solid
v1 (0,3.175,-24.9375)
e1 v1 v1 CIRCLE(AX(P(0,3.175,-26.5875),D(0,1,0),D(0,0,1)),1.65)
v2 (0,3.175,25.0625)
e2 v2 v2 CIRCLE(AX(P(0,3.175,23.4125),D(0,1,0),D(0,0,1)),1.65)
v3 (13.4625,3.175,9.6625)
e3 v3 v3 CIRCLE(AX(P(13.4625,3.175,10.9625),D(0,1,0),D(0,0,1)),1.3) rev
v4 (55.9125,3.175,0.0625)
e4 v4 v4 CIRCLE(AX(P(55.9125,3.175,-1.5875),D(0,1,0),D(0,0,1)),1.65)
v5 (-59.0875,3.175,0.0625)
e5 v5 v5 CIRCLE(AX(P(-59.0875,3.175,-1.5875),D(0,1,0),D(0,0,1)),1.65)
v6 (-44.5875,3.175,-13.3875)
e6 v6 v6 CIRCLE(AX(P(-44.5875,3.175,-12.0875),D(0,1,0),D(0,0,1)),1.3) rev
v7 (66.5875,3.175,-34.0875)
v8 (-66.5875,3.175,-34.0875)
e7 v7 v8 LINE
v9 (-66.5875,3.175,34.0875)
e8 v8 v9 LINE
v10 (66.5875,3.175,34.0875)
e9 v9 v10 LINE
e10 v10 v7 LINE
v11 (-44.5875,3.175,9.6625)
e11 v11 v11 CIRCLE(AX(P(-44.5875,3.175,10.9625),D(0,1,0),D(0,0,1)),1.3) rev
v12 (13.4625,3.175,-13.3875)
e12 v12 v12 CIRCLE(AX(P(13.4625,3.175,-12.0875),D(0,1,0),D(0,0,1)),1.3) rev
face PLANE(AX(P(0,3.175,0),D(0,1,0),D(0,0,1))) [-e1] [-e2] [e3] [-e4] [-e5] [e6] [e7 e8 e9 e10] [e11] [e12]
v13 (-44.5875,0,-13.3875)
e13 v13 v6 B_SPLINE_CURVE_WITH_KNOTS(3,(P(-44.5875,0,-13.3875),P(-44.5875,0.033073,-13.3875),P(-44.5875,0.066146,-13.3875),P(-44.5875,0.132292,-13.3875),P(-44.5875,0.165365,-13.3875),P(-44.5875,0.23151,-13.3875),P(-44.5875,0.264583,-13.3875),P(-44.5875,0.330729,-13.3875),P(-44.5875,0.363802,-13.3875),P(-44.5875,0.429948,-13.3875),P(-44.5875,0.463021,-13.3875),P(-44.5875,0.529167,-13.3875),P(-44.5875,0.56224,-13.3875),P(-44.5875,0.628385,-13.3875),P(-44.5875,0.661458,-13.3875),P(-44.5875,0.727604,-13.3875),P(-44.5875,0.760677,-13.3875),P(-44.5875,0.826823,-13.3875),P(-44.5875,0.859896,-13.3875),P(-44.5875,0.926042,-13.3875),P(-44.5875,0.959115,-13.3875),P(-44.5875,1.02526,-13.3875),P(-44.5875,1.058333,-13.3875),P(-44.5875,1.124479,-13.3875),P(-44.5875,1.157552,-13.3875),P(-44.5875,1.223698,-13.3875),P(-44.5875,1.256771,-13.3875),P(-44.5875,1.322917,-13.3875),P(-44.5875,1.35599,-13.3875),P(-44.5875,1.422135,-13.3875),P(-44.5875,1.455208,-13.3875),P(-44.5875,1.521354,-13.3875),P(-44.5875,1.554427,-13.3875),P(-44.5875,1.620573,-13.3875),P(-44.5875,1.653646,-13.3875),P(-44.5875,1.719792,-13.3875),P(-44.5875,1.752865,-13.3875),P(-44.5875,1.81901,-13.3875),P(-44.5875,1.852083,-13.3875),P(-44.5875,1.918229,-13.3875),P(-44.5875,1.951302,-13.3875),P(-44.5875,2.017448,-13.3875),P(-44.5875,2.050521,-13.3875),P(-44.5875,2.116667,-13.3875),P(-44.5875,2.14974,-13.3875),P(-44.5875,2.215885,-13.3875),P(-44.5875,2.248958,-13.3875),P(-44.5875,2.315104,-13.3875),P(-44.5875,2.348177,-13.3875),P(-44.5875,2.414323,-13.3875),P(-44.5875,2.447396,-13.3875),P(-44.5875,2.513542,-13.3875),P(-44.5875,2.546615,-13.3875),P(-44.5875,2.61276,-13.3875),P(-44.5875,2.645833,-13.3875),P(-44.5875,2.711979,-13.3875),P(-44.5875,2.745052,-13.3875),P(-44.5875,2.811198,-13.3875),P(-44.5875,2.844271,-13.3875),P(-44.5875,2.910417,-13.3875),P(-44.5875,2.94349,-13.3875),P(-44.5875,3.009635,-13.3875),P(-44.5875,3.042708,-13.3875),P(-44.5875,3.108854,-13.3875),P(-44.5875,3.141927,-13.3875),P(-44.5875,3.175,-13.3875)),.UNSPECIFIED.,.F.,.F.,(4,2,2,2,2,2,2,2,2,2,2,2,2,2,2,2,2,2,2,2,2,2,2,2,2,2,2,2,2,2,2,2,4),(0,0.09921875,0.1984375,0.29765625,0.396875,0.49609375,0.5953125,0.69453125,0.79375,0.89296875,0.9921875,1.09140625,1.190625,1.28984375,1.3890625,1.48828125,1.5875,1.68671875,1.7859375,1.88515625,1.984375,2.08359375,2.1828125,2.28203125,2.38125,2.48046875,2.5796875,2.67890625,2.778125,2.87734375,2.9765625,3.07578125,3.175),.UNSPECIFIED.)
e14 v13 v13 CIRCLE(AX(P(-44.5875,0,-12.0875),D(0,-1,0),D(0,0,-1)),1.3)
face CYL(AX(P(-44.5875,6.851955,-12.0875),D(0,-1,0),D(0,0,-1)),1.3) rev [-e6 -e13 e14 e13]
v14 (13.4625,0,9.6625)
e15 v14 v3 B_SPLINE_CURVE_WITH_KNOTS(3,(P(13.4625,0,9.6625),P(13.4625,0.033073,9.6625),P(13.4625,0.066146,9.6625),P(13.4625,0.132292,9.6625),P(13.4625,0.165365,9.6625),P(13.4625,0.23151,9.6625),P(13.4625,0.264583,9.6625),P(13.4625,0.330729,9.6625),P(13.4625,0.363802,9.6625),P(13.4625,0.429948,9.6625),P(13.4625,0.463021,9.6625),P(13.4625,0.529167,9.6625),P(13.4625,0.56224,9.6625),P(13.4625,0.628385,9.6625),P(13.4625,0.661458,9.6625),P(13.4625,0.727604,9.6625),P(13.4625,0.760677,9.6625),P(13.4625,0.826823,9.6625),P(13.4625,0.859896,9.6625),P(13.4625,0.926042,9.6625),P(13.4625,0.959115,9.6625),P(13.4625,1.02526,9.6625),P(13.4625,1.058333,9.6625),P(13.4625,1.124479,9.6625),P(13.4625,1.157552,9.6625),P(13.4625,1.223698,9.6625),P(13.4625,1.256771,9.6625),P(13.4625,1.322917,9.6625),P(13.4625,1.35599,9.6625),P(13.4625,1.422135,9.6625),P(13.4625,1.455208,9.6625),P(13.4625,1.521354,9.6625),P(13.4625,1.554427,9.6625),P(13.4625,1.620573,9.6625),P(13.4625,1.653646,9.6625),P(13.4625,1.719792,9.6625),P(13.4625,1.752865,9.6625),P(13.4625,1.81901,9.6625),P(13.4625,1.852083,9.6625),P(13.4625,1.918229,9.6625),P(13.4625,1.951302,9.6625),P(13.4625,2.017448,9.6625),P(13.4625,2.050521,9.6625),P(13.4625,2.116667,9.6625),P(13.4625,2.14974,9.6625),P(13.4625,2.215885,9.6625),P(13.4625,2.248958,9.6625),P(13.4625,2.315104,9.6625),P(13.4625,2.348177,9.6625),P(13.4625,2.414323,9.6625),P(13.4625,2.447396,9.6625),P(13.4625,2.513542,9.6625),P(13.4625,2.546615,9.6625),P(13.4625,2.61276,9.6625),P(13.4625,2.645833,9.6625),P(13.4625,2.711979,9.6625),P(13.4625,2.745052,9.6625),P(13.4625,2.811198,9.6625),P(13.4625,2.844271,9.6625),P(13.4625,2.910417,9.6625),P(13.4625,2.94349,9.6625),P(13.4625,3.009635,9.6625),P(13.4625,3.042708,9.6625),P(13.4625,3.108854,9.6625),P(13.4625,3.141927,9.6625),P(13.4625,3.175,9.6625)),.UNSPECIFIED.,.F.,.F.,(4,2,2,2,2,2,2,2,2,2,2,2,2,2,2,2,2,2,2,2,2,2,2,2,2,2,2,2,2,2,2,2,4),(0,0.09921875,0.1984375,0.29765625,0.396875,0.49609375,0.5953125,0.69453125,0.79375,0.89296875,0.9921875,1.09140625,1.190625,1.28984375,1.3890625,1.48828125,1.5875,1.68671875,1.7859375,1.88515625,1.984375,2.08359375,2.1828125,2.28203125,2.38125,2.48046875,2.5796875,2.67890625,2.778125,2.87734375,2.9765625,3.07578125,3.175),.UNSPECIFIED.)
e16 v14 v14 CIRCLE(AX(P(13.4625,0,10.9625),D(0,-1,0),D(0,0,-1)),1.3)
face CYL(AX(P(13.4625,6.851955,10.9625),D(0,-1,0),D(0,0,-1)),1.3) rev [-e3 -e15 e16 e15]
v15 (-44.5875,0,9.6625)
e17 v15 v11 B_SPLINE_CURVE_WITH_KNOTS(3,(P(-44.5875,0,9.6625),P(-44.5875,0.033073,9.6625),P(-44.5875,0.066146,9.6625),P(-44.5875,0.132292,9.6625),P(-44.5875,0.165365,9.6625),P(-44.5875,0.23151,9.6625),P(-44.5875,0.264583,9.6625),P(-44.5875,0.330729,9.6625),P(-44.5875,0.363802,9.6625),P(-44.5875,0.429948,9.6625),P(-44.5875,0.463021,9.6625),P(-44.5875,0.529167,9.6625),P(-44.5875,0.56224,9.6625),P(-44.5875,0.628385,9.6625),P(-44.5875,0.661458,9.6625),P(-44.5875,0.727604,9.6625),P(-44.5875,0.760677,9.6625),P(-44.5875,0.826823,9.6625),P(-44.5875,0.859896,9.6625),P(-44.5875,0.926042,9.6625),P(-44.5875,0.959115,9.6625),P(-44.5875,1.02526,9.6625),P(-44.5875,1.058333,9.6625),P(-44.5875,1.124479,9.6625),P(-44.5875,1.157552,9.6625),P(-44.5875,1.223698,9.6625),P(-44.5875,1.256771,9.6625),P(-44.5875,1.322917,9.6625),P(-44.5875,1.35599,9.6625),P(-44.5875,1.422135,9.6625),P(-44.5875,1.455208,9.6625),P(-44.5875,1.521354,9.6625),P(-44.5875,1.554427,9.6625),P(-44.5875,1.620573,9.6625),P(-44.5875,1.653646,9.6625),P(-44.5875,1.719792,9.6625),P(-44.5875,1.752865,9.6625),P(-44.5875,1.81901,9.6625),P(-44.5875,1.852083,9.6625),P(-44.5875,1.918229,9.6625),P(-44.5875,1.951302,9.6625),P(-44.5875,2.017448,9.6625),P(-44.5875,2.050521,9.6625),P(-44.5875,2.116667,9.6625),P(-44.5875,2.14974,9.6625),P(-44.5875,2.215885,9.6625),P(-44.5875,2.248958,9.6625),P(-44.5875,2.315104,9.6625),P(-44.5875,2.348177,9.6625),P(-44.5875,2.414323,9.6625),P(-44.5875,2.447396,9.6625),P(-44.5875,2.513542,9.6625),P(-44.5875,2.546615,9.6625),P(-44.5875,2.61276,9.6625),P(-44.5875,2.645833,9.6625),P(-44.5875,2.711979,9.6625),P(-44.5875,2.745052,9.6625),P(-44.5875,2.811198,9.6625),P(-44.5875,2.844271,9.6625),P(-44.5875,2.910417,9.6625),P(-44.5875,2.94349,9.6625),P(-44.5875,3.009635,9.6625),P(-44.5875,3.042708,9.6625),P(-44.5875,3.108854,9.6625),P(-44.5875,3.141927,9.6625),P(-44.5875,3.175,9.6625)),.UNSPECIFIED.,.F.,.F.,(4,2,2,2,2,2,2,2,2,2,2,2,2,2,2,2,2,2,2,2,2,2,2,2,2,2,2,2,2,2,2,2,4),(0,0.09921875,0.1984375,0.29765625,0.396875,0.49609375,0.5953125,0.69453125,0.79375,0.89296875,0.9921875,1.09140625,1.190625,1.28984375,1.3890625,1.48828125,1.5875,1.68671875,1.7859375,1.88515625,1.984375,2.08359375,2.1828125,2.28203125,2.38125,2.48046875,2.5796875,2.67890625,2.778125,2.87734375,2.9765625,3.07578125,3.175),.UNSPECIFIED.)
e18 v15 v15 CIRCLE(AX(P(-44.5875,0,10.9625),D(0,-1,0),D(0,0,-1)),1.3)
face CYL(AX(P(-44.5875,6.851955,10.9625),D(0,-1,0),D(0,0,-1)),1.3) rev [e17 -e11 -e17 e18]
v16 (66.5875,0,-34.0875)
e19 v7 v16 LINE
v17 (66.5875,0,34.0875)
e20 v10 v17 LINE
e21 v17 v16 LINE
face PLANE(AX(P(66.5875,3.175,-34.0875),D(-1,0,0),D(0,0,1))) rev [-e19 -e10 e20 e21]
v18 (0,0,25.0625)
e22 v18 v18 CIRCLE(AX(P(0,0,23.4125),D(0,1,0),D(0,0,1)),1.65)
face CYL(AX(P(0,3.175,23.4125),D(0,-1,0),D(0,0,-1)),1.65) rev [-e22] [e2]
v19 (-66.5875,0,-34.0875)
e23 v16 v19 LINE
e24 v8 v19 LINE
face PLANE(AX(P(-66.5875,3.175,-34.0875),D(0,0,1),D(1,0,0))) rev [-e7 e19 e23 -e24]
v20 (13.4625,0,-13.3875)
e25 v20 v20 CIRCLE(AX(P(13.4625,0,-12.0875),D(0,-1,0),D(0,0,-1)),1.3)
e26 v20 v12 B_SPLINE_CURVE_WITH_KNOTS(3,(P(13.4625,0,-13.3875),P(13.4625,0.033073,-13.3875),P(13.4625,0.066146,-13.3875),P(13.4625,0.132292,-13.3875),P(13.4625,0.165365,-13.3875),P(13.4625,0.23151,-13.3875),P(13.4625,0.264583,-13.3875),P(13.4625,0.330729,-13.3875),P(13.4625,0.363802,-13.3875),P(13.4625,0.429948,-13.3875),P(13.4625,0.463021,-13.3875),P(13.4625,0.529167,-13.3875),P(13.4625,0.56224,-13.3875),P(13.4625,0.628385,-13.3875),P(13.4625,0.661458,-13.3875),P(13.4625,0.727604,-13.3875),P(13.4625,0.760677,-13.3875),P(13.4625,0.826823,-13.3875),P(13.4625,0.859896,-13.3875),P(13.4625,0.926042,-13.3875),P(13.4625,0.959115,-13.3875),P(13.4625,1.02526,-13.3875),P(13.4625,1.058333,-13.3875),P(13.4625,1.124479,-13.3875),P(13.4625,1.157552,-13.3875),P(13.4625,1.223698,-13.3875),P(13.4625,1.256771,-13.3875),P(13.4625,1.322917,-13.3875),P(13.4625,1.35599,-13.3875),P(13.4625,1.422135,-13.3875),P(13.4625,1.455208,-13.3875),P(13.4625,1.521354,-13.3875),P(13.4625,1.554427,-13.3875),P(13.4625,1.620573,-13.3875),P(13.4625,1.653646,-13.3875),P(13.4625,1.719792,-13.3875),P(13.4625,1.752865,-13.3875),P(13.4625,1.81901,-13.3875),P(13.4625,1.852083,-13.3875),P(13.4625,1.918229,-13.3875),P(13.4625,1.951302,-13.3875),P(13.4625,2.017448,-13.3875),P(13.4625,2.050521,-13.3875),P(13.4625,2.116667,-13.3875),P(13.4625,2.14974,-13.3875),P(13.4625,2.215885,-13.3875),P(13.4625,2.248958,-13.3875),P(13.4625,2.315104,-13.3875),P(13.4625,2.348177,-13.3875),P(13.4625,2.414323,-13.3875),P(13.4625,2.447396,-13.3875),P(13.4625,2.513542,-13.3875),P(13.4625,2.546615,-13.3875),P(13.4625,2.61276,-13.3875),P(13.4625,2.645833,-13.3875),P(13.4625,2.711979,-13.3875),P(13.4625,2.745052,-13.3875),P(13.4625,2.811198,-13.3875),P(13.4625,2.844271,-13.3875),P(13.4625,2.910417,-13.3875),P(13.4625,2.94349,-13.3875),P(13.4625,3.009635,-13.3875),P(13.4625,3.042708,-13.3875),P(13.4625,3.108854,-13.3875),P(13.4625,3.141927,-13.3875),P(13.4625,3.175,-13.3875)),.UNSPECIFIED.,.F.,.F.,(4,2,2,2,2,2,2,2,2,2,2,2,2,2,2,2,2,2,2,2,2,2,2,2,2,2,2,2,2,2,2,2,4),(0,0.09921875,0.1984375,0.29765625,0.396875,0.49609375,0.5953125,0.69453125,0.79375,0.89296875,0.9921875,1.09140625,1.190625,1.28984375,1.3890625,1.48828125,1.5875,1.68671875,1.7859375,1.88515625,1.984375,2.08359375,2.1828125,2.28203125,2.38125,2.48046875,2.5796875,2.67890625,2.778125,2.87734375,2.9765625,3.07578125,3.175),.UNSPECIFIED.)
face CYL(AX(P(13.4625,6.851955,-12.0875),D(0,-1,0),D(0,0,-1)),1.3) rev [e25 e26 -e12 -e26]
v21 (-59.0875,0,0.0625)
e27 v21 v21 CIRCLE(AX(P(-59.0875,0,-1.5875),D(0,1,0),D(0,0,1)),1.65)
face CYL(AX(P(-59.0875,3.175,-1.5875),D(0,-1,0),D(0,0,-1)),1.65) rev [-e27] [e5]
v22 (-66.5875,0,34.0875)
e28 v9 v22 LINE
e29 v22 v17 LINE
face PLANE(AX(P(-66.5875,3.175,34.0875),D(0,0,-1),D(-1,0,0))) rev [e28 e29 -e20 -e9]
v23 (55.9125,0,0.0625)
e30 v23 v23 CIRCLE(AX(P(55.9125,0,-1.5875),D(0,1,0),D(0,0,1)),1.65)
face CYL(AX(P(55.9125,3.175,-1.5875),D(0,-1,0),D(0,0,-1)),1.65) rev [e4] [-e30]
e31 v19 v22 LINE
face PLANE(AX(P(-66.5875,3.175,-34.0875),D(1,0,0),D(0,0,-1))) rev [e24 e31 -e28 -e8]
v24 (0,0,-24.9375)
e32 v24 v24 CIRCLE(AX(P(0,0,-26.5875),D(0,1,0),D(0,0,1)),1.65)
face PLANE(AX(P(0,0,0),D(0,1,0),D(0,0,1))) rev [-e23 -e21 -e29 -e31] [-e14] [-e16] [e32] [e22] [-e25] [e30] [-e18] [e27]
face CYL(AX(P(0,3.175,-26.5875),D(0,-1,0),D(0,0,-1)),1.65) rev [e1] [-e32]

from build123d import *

# Parameters (mm, degrees)
SKETCH1_W           = 133.175
SKETCH1_H           = 68.175
SKETCH1_R           = 1.65
BOSS_EXTRUDE1_DEPTH = 3.175
SKETCH2_R           = 1.3
CUT_EXTRUDE1_DEPTH  = 3.175


with BuildPart() as part:
    # Sketch1 → Boss-Extrude1 (new body)
    with BuildSketch(Plane(origin=(0, 0, 0), x_dir=(1, 0, 0), z_dir=(0, 1, 0))):
        Rectangle(SKETCH1_W, SKETCH1_H)
        with Locations(Location((0, 26.5875, 0), (0, 0, 270))):
            Circle(SKETCH1_R, mode=Mode.SUBTRACT)
        with Locations(Location((-59.0875, 1.5875, 0), (0, 0, 270))):
            Circle(SKETCH1_R, mode=Mode.SUBTRACT)
        with Locations(Location((55.9125, 1.5875, 0), (0, 0, 270))):
            Circle(SKETCH1_R, mode=Mode.SUBTRACT)
        with Locations(Location((0, -23.4125, 0), (0, 0, 270))):
            Circle(SKETCH1_R, mode=Mode.SUBTRACT)
    extrude(amount=BOSS_EXTRUDE1_DEPTH)

    # Sketch2 → Cut-Extrude1 (cut)
    with BuildSketch(Plane.XZ):
        with Locations(Location((-44.5875, 10.9625, 0), (0, 0, 270))):
            Circle(SKETCH2_R)
        with Locations(Location((-44.5875, -12.0875, 0), (0, 0, 270))):
            Circle(SKETCH2_R)
        with Locations(Location((13.4625, -12.0875, 0), (0, 0, 270))):
            Circle(SKETCH2_R)
        with Locations(Location((13.4625, 10.9625, 0), (0, 0, 270))):
            Circle(SKETCH2_R)
    extrude(amount=-CUT_EXTRUDE1_DEPTH, mode=Mode.SUBTRACT)


solid = part.part
